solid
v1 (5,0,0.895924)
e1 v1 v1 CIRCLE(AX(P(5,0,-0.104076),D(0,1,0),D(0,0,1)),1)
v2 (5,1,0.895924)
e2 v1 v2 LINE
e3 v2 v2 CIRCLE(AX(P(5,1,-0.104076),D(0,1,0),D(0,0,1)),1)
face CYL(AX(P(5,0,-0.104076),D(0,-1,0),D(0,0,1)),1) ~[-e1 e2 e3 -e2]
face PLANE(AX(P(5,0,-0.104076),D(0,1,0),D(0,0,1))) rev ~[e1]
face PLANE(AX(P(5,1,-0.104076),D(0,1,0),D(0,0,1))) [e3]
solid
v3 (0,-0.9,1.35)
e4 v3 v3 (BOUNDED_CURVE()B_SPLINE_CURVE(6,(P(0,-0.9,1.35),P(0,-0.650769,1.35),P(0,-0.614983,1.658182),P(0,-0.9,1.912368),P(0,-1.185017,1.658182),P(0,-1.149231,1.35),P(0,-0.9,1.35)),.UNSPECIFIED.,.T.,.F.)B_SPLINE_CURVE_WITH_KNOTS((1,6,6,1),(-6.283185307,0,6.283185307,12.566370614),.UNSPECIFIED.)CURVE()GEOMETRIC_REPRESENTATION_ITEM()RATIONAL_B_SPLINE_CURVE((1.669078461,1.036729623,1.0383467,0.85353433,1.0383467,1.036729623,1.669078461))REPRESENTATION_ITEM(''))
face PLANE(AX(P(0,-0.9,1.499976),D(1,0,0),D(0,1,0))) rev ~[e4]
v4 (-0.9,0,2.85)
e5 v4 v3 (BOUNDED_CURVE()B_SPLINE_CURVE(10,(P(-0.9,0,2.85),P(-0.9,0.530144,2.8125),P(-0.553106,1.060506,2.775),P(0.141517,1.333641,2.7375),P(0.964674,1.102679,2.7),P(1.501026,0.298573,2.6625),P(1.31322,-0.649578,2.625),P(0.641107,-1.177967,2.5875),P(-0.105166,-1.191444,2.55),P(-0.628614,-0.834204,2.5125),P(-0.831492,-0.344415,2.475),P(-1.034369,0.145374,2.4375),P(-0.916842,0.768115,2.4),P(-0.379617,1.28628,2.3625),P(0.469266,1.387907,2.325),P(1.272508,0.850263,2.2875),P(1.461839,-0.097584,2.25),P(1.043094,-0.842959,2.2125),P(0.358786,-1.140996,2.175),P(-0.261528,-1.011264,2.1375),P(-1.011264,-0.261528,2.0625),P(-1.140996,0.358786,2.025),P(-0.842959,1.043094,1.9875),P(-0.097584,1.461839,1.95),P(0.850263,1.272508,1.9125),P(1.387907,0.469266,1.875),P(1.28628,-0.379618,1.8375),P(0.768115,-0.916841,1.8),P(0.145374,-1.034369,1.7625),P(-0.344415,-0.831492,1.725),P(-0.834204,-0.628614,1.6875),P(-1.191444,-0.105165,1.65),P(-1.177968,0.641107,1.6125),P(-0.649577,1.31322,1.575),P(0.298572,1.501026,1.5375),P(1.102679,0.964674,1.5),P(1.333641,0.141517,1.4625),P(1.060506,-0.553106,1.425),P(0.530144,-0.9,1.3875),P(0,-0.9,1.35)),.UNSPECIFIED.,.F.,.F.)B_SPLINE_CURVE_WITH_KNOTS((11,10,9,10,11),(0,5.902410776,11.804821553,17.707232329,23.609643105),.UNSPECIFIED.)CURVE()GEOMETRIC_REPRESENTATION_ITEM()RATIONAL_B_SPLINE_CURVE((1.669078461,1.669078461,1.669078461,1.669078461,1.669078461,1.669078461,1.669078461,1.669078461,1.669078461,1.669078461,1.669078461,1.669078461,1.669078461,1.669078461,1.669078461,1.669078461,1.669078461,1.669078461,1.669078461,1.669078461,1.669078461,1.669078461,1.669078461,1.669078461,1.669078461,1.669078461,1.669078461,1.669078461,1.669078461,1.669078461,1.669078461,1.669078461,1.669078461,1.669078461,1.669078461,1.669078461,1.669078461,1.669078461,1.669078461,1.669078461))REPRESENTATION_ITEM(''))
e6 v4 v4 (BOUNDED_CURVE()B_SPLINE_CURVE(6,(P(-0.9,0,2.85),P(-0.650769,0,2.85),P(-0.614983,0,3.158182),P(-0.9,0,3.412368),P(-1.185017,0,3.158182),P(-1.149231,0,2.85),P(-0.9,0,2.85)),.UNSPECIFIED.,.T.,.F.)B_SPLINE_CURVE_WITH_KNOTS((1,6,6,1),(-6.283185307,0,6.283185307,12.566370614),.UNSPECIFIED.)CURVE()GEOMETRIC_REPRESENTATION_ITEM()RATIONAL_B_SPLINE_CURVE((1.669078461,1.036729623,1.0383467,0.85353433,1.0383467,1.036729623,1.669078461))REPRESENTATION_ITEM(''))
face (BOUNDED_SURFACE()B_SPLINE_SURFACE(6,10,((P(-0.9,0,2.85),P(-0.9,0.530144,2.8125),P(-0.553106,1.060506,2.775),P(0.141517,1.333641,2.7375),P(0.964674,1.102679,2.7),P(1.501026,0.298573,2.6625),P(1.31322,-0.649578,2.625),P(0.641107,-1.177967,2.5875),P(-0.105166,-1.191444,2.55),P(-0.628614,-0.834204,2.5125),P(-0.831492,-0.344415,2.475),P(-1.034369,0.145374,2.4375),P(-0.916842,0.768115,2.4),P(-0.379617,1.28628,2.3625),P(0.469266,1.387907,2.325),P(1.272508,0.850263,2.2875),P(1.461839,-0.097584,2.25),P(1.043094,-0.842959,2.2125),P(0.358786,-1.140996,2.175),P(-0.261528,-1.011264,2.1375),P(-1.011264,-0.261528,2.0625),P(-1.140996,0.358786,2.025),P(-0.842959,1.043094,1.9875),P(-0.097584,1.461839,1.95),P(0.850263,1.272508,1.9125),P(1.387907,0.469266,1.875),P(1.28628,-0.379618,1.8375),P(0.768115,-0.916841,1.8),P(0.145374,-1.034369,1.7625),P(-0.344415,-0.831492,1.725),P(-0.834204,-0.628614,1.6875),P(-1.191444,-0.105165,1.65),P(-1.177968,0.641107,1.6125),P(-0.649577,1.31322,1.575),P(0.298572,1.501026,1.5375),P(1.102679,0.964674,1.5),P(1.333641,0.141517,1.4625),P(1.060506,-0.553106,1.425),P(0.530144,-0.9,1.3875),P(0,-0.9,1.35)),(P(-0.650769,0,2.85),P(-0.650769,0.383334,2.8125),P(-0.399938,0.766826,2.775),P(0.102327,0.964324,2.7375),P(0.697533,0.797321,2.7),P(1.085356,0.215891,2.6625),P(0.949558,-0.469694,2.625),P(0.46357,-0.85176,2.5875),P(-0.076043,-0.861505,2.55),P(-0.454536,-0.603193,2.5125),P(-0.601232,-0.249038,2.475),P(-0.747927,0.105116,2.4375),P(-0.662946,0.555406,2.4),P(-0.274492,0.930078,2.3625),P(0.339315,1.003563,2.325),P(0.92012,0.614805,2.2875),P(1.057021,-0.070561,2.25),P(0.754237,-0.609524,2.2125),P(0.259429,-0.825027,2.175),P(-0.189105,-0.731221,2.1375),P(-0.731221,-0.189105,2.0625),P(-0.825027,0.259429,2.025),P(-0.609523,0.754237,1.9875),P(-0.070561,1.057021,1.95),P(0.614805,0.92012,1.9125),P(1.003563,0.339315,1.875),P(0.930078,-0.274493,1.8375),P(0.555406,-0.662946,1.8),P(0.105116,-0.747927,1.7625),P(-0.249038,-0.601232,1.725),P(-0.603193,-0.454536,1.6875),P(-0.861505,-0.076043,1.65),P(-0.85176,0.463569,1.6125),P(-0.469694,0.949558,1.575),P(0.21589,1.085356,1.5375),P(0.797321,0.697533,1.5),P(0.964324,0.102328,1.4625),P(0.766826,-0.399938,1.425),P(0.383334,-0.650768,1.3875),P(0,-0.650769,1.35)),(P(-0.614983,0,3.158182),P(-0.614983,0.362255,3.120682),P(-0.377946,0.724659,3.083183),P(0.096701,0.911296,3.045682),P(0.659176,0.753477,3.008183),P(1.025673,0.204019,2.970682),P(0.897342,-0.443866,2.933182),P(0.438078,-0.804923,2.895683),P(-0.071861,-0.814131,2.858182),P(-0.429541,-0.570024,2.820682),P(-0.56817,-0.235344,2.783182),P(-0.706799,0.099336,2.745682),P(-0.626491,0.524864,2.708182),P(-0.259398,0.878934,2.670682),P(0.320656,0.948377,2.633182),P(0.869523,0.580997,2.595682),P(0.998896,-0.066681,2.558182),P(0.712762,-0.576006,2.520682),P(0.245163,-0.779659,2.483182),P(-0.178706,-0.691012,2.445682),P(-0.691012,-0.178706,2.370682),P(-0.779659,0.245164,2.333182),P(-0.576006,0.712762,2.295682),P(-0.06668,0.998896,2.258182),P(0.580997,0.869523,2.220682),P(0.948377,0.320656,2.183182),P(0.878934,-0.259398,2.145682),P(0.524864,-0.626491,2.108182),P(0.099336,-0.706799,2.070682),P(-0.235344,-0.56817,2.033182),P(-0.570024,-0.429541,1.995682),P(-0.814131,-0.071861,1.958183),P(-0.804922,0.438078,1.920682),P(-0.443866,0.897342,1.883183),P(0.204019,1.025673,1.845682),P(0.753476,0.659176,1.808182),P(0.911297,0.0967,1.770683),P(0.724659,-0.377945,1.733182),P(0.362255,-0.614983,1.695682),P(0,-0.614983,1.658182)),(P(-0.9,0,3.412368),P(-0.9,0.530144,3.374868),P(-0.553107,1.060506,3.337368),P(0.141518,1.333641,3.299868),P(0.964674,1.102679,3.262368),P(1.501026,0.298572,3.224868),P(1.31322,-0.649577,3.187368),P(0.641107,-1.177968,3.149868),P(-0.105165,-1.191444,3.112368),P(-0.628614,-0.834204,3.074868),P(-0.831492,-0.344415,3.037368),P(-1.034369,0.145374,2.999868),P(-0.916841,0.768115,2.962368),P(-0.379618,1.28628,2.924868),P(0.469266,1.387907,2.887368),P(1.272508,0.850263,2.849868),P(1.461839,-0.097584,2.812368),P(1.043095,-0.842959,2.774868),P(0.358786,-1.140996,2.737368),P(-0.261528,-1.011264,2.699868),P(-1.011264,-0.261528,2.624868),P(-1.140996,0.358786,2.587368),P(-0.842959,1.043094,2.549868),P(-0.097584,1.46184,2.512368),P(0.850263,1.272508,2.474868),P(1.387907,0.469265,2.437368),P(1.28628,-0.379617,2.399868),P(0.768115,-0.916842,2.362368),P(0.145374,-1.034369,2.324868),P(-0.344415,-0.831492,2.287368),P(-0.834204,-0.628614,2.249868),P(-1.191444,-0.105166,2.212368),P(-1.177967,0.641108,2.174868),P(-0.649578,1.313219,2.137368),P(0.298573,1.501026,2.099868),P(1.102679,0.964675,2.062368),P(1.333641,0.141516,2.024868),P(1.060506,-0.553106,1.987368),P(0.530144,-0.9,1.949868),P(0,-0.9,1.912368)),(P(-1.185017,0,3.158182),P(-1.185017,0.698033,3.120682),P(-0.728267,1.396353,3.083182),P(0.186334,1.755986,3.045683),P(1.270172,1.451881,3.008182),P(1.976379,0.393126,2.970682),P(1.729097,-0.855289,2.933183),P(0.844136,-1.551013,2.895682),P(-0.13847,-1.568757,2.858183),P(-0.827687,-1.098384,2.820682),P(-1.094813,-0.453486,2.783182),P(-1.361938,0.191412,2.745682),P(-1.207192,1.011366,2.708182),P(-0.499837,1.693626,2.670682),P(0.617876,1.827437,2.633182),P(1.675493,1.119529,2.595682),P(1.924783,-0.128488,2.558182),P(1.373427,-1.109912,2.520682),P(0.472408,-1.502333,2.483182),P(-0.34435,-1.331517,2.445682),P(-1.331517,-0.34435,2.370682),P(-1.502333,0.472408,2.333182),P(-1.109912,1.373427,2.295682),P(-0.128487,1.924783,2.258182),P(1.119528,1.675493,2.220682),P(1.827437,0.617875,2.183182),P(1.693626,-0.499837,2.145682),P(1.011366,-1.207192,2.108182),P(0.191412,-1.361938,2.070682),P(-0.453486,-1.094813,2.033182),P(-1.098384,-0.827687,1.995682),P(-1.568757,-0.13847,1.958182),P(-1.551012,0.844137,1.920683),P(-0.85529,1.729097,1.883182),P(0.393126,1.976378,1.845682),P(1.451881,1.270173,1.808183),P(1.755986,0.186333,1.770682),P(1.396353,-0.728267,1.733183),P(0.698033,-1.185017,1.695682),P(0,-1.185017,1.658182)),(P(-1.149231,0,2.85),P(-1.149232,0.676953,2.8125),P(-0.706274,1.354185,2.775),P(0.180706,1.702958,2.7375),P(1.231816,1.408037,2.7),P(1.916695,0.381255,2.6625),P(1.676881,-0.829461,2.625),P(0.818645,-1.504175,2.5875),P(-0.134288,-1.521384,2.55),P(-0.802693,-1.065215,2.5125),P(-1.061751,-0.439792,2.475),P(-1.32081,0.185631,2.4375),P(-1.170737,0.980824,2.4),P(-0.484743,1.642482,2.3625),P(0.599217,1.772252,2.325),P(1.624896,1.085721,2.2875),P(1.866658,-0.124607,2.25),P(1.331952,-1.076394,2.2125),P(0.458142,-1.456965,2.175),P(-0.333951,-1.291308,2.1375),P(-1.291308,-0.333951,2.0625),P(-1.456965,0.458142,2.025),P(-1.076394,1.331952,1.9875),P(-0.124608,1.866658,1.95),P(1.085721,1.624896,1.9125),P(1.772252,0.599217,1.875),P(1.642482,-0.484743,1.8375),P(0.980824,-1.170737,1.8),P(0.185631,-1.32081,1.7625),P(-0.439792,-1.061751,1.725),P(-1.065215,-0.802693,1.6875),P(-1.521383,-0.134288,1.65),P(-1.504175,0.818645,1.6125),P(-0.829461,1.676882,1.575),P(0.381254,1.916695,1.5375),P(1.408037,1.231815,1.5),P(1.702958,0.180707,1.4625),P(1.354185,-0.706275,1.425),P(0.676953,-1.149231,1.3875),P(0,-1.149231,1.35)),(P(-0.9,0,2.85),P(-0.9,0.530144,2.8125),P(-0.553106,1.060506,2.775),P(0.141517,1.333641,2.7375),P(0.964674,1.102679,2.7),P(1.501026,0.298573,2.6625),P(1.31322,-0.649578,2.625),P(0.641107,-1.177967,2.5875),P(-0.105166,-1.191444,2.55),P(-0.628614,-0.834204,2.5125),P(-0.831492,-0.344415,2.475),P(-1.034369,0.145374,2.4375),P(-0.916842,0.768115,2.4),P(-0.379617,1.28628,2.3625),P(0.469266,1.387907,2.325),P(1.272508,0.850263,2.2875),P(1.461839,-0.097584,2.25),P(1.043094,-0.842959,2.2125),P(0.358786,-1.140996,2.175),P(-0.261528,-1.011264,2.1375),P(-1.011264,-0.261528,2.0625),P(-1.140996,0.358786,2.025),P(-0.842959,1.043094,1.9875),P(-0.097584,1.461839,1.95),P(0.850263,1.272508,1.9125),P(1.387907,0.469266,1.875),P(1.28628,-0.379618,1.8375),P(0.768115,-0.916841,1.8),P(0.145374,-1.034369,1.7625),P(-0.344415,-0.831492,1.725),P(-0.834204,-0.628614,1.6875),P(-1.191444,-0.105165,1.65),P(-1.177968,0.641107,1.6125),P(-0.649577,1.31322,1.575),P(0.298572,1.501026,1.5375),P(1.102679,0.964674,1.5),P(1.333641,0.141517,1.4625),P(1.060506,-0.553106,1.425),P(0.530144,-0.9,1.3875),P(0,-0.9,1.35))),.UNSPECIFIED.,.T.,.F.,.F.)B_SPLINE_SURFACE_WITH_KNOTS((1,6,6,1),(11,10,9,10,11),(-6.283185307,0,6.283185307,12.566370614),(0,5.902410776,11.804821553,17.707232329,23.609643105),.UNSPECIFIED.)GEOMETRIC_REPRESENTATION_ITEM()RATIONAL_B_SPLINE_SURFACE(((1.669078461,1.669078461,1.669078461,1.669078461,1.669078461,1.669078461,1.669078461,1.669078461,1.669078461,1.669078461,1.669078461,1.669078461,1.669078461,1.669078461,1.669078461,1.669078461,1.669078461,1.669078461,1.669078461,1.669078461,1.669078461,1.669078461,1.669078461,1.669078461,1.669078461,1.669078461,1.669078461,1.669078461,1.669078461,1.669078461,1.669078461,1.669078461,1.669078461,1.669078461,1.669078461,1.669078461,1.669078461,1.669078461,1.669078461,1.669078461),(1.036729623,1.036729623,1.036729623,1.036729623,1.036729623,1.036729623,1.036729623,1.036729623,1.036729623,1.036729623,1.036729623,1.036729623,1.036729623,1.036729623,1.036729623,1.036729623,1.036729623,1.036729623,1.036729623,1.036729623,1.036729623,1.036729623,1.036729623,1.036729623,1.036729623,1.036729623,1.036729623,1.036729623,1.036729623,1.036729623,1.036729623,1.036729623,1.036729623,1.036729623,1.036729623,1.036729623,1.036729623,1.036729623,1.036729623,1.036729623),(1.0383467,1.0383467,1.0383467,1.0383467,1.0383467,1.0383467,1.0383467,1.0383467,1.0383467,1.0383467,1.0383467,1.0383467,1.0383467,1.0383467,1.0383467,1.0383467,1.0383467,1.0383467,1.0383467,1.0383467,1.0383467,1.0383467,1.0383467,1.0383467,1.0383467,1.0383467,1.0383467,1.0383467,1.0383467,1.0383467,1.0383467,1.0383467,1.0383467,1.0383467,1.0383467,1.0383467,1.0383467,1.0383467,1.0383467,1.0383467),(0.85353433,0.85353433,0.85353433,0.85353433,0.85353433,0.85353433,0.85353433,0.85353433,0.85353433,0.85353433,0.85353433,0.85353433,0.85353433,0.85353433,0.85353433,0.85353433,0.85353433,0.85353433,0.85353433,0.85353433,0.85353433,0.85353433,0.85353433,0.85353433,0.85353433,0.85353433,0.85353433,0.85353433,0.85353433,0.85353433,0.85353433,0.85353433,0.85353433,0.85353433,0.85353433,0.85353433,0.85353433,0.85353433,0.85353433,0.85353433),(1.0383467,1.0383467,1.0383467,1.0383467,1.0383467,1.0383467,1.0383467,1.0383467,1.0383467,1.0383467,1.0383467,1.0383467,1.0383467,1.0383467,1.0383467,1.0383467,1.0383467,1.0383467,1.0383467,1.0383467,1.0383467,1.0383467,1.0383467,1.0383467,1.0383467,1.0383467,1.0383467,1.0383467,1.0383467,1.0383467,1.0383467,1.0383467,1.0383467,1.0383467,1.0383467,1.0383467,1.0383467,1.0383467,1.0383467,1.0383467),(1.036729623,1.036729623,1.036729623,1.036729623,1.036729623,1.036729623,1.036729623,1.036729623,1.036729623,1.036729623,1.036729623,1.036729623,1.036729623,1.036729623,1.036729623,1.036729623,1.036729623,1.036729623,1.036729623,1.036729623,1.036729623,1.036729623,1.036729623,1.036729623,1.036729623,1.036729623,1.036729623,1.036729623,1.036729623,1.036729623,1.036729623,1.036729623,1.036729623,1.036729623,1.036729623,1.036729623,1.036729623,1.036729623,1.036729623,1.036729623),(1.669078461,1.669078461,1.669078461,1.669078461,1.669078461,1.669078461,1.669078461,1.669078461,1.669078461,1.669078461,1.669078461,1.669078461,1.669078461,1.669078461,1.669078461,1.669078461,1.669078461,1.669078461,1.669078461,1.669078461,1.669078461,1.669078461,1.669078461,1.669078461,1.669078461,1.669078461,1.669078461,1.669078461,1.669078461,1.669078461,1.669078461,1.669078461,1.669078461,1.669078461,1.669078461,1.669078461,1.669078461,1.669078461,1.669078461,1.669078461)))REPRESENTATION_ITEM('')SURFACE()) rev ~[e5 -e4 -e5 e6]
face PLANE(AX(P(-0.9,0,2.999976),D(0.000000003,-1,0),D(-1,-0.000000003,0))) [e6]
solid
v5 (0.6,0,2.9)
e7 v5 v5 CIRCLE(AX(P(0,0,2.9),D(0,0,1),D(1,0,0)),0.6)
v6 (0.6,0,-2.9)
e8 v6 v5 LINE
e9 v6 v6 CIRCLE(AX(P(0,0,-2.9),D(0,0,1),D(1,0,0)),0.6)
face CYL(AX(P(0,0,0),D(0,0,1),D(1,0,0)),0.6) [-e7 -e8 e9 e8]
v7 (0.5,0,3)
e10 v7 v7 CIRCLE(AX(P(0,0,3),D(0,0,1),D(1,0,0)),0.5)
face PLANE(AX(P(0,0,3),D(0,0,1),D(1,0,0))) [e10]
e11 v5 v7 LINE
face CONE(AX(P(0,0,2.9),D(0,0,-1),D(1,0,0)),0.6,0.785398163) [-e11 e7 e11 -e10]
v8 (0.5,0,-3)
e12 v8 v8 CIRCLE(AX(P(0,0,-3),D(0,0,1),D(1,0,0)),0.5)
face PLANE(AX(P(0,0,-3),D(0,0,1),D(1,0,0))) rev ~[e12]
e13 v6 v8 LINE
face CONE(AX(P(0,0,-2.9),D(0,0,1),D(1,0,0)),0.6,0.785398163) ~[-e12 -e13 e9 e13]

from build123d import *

# Parameters (mm, degrees)
SKETCH1_R           = 0.6
BOSS_EXTRUDE1_DEPTH = 3
CHAMFER1_SIZE       = 0.1
SKETCH2_R           = 1
BOSS_EXTRUDE2_DEPTH = 1
SWEEP2_PITCH        = 0.4
SWEEP2_HEIGHT       = 1.5
SWEEP2_RADIUS       = 0.9
SKETCH7_R           = 0.15


with BuildPart() as part:
    # Sketch1 → Boss-Extrude1 (new, symmetric)
    with BuildSketch(Plane.XY):
        Circle(SKETCH1_R)
    extrude(amount=BOSS_EXTRUDE1_DEPTH, both=True)

    # Chamfer1
    chamfer1_edges = [part.edges().sort_by_distance(p)[0] for p in [
        (-0.6, 0, -3),
        (-0.6, 0, 3),
    ]]
    chamfer(chamfer1_edges, length=CHAMFER1_SIZE)


with BuildPart() as body_2:
    # Sketch2 → Boss-Extrude2 (new body)
    with BuildSketch(Plane(origin=(0, 0, 0), x_dir=(1, 0, 0), z_dir=(0, 1, 0))):
        with Locations(Location((5, 0.104076317, 0), (0, 0, 270))):
            Circle(SKETCH2_R)
    extrude(amount=BOSS_EXTRUDE2_DEPTH)


with BuildPart() as body_3:
    # Sweep2: sweep along a helix
    with BuildLine() as sweep2_path:
        Helix(SWEEP2_PITCH, SWEEP2_HEIGHT, SWEEP2_RADIUS, center=(0, 0, 3), direction=(0, 0, -1))
    # Sketch7 → Sweep2 (sweep)
    with BuildSketch(Plane(origin=(0, 0, 0), x_dir=(0, 0, -1), z_dir=(1, 0, 0))):
        with Locations((-1.5, -0.9)):
            Circle(SKETCH7_R)
    sweep(path=sweep2_path.line, is_frenet=True)


solid = Compound([part.part, body_2.part, body_3.part])
